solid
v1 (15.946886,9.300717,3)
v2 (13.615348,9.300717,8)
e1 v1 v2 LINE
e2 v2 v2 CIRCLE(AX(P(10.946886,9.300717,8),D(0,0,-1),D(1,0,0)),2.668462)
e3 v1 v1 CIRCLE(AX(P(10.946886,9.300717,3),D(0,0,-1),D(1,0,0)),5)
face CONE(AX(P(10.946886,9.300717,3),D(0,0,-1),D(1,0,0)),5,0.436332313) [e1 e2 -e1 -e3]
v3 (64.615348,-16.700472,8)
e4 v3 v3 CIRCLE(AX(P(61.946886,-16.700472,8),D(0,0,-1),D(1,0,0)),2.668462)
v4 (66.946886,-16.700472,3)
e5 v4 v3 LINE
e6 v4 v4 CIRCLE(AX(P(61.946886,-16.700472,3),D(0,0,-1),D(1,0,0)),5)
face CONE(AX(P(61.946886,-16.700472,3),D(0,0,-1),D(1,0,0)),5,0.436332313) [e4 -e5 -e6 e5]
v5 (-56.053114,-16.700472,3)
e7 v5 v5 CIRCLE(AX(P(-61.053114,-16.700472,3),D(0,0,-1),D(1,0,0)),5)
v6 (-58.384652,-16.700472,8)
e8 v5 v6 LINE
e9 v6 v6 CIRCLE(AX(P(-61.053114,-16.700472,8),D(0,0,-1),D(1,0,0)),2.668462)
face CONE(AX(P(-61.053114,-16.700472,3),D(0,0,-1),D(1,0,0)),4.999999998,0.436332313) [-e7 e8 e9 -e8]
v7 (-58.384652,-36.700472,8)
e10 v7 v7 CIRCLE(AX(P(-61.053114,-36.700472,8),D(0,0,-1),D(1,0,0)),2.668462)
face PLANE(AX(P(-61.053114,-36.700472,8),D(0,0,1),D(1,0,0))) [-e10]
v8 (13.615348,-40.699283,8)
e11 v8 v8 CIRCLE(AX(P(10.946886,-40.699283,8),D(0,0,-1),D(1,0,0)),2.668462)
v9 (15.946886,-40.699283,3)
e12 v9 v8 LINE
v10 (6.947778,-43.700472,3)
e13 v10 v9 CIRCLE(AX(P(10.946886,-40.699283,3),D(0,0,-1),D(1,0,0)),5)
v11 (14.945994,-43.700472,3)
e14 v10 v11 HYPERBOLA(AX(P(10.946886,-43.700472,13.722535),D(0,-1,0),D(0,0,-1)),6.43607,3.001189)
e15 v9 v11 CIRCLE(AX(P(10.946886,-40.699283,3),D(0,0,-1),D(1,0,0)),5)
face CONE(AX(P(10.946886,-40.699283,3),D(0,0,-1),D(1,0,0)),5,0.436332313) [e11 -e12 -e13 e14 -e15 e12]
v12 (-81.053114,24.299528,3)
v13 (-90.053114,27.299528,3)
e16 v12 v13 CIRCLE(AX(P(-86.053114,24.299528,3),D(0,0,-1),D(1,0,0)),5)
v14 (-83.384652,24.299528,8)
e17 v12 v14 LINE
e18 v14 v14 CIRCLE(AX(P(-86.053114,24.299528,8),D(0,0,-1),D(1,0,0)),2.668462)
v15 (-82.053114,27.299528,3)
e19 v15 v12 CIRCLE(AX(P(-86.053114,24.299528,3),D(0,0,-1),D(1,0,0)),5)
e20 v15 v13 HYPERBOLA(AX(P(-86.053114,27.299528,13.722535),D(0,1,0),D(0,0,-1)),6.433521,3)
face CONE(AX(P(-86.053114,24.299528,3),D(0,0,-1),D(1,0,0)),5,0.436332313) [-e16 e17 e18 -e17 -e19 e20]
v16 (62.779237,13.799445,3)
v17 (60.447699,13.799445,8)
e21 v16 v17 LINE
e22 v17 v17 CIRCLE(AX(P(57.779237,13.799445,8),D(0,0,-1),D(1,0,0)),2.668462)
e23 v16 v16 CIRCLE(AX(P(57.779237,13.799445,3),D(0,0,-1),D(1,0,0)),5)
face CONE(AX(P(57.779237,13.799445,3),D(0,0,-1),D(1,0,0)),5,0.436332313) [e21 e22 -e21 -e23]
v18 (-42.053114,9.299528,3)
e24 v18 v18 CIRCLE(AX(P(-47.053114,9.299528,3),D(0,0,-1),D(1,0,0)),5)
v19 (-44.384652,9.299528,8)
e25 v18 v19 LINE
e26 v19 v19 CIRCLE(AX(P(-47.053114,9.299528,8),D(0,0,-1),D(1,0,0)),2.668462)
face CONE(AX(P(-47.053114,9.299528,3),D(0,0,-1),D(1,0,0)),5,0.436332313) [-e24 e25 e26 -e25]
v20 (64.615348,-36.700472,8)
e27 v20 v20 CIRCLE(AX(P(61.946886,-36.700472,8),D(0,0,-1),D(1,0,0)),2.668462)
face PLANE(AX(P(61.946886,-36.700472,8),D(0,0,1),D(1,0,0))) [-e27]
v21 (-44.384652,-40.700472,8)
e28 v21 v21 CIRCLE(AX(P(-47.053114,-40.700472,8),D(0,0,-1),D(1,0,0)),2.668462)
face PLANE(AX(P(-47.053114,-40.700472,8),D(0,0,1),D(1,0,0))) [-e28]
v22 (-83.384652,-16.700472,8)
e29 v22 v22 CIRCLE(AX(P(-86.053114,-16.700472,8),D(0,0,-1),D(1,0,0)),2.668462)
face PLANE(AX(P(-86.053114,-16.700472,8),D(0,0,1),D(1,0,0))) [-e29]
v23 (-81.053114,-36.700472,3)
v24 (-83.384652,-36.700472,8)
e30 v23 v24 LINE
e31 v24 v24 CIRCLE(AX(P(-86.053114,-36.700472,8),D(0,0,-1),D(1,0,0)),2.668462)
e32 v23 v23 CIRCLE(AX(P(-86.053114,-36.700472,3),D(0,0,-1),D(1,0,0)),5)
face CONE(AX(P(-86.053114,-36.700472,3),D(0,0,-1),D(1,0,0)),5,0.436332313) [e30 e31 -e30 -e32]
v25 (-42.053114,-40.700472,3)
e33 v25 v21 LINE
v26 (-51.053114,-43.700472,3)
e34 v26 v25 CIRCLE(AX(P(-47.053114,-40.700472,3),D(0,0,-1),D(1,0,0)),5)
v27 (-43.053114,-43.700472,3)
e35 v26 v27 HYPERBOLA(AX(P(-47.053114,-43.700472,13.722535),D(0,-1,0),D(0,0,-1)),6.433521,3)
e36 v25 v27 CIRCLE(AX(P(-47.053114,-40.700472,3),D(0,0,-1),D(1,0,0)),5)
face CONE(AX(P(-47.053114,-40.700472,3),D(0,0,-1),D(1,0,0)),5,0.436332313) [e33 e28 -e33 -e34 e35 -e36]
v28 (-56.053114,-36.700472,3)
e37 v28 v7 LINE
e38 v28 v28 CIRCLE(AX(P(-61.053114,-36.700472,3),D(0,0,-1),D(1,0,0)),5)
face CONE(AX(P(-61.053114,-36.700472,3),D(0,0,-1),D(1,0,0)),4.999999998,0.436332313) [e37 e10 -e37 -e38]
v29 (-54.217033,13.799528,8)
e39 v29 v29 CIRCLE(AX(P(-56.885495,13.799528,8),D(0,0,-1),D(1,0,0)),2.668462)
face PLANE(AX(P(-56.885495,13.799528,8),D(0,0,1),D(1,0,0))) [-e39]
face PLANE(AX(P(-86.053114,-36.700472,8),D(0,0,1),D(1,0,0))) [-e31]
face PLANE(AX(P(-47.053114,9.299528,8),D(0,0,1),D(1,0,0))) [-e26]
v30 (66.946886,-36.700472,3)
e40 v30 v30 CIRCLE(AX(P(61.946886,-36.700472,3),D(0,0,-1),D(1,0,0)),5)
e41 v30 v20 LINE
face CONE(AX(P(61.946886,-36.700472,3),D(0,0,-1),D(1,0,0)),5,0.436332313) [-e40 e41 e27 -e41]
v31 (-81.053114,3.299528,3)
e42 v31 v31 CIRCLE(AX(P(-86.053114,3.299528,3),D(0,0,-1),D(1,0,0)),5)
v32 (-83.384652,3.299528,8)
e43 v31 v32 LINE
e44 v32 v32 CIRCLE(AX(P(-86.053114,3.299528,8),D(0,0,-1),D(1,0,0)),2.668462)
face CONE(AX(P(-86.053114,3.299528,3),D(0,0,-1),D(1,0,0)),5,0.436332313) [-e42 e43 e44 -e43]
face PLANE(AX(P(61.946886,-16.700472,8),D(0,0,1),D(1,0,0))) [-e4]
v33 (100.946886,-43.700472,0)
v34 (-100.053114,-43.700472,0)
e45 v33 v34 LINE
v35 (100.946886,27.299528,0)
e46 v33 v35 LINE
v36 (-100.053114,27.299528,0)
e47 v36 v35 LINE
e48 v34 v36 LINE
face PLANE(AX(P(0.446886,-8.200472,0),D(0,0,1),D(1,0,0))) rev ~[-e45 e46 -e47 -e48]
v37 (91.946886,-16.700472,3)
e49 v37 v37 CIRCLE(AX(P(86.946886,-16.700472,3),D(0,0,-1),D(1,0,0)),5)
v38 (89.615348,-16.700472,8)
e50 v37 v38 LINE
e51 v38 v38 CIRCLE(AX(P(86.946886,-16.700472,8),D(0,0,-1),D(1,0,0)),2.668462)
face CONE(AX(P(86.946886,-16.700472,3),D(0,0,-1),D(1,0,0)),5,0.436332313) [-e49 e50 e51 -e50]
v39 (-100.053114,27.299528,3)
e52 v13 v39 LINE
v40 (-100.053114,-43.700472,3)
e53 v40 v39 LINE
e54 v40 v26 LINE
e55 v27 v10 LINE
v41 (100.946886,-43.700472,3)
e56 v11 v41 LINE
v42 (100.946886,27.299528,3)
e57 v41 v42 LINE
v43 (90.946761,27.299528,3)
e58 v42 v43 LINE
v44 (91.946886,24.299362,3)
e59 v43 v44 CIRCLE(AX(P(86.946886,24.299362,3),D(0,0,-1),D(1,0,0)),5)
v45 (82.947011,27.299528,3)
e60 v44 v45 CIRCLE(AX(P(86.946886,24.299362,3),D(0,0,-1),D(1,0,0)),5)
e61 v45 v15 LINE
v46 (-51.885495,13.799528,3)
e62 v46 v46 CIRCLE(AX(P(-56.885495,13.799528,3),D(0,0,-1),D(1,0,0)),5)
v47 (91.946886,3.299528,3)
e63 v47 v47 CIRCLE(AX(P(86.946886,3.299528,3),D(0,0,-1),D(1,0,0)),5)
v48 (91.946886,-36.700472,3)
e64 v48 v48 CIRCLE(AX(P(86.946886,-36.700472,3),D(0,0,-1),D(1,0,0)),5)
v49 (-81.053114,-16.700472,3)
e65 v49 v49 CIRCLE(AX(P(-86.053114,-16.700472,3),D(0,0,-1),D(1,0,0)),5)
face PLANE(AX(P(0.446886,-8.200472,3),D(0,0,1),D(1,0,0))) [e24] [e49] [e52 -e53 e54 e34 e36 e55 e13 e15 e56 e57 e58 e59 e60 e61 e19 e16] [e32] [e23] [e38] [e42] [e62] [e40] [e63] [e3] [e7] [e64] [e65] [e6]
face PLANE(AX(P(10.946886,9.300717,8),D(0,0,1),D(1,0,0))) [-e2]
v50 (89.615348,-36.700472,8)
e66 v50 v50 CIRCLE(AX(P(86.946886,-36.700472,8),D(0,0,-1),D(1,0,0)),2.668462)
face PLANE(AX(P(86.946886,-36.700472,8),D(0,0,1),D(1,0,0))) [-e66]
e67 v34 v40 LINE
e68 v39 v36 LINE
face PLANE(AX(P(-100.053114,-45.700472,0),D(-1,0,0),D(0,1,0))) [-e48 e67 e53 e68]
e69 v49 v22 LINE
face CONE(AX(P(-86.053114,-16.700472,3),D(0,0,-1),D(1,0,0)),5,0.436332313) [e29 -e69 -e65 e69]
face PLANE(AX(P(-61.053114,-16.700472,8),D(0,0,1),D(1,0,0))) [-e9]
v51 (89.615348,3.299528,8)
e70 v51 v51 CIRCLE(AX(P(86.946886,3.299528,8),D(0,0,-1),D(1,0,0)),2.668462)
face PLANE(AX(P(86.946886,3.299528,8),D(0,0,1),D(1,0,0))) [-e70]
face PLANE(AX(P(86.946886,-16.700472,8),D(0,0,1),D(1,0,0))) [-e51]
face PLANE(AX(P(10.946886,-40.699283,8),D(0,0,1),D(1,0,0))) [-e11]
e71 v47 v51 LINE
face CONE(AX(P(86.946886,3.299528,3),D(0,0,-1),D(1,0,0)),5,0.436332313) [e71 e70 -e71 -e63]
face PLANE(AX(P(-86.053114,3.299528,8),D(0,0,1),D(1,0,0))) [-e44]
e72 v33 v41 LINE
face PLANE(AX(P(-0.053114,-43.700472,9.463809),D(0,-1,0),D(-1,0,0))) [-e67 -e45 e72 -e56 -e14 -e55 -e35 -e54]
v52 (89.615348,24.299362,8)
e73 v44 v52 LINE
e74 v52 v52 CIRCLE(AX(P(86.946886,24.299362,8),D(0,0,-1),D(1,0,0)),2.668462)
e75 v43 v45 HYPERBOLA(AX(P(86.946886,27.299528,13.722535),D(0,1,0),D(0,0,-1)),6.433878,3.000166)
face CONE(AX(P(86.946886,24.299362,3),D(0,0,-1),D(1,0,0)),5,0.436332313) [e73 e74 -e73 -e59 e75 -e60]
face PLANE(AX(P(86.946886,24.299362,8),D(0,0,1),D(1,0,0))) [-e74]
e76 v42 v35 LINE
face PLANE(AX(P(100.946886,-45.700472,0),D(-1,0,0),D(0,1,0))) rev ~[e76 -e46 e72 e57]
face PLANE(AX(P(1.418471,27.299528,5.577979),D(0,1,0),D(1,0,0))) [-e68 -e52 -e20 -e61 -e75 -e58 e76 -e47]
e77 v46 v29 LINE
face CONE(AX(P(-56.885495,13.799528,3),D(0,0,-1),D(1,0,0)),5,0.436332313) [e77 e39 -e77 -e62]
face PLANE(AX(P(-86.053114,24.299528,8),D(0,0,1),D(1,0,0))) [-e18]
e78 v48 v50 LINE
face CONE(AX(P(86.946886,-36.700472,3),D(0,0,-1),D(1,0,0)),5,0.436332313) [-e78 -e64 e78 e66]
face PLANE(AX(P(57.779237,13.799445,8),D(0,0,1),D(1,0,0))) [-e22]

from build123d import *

# Parameters (mm, degrees)
ESQUISSE2_W             = 201
ESQUISSE2_H             = 75
BOSS_EXTRU_1_DEPTH      = 3
ESQUISSE3_R             = 5
ESQUISSE3_R_2           = 4.999999998
BOSS_EXTRU_3_DEPTH      = 5
BOSS_EXTRU_3_TAPER      = 25
ESQUISSE4_W             = 210
ESQUISSE4_H             = 11.155958732
ENL_V_MAT_EXTRU_1_DEPTH = 2
ESQUISSE5_W             = 220
ESQUISSE5_H             = 18.927618919
ENL_V_MAT_EXTRU_2_DEPTH = 2


with BuildPart() as part:
    # Esquisse2 → Boss.-Extru.1 (new body)
    with BuildSketch(Plane.XY):
        with Locations((0.446886155, -8.200471698)):
            Rectangle(ESQUISSE2_W, ESQUISSE2_H)
    extrude(amount=BOSS_EXTRU_1_DEPTH)

    # Esquisse3 → Boss.-Extru.3 (add)
    with BuildSketch(Plane.XY.offset(3)):
        with Locations((-47.053113845, 9.299528302)):
            Circle(ESQUISSE3_R)
        with Locations((-47.053113845, -40.700471698)):
            Circle(ESQUISSE3_R)
        with Locations((10.946886143, 9.300717009)):
            Circle(ESQUISSE3_R)
        with Locations((10.946886143, -40.699282991)):
            Circle(ESQUISSE3_R)
        with Locations((-86.053113845, 24.299528302)):
            Circle(ESQUISSE3_R)
        with Locations((-56.885494813, 13.799528302)):
            Circle(ESQUISSE3_R)
        with Locations((-86.053113845, 3.299528302)):
            Circle(ESQUISSE3_R)
        with Locations((-86.053113845, -16.700471698)):
            Circle(ESQUISSE3_R)
        with Locations((-86.053113845, -36.700471698)):
            Circle(ESQUISSE3_R)
        with Locations((-61.053113845, -16.700471698)):
            Circle(ESQUISSE3_R_2)
        with Locations((-61.053113845, -36.700471698)):
            Circle(ESQUISSE3_R_2)
        with Locations((86.946886155, 24.299361822)):
            Circle(ESQUISSE3_R)
        with Locations((86.946886155, 3.299528302)):
            Circle(ESQUISSE3_R)
        with Locations((57.779237158, 13.799445062)):
            Circle(ESQUISSE3_R)
        with Locations((86.946886155, -16.700471698)):
            Circle(ESQUISSE3_R)
        with Locations((86.946886155, -36.700471698)):
            Circle(ESQUISSE3_R)
        with Locations((61.946886155, -36.700471698)):
            Circle(ESQUISSE3_R)
        with Locations((61.946886155, -16.700471698)):
            Circle(ESQUISSE3_R)
    extrude(amount=BOSS_EXTRU_3_DEPTH, taper=BOSS_EXTRU_3_TAPER)

    # Esquisse4 → Enlèv. mat.-Extru.1 (cut)
    with BuildSketch(Plane(origin=(0, 29.299528302, 0), x_dir=(1, 0, 0), z_dir=(0, 1, 0))):
        with Locations((1.418471148, -5.577979366)):
            Rectangle(ESQUISSE4_W, ESQUISSE4_H)
    extrude(amount=-ENL_V_MAT_EXTRU_1_DEPTH, mode=Mode.SUBTRACT)

    # Esquisse5 → Enlèv. mat.-Extru.2 (cut)
    with BuildSketch(Plane(origin=(0, -45.700471698, 0), x_dir=(-1, 0, 0), z_dir=(0, -1, 0))):
        with Locations((0.053113845, -9.46380946)):
            Rectangle(ESQUISSE5_W, ESQUISSE5_H)
    extrude(amount=-ENL_V_MAT_EXTRU_2_DEPTH, mode=Mode.SUBTRACT)


solid = part.part
